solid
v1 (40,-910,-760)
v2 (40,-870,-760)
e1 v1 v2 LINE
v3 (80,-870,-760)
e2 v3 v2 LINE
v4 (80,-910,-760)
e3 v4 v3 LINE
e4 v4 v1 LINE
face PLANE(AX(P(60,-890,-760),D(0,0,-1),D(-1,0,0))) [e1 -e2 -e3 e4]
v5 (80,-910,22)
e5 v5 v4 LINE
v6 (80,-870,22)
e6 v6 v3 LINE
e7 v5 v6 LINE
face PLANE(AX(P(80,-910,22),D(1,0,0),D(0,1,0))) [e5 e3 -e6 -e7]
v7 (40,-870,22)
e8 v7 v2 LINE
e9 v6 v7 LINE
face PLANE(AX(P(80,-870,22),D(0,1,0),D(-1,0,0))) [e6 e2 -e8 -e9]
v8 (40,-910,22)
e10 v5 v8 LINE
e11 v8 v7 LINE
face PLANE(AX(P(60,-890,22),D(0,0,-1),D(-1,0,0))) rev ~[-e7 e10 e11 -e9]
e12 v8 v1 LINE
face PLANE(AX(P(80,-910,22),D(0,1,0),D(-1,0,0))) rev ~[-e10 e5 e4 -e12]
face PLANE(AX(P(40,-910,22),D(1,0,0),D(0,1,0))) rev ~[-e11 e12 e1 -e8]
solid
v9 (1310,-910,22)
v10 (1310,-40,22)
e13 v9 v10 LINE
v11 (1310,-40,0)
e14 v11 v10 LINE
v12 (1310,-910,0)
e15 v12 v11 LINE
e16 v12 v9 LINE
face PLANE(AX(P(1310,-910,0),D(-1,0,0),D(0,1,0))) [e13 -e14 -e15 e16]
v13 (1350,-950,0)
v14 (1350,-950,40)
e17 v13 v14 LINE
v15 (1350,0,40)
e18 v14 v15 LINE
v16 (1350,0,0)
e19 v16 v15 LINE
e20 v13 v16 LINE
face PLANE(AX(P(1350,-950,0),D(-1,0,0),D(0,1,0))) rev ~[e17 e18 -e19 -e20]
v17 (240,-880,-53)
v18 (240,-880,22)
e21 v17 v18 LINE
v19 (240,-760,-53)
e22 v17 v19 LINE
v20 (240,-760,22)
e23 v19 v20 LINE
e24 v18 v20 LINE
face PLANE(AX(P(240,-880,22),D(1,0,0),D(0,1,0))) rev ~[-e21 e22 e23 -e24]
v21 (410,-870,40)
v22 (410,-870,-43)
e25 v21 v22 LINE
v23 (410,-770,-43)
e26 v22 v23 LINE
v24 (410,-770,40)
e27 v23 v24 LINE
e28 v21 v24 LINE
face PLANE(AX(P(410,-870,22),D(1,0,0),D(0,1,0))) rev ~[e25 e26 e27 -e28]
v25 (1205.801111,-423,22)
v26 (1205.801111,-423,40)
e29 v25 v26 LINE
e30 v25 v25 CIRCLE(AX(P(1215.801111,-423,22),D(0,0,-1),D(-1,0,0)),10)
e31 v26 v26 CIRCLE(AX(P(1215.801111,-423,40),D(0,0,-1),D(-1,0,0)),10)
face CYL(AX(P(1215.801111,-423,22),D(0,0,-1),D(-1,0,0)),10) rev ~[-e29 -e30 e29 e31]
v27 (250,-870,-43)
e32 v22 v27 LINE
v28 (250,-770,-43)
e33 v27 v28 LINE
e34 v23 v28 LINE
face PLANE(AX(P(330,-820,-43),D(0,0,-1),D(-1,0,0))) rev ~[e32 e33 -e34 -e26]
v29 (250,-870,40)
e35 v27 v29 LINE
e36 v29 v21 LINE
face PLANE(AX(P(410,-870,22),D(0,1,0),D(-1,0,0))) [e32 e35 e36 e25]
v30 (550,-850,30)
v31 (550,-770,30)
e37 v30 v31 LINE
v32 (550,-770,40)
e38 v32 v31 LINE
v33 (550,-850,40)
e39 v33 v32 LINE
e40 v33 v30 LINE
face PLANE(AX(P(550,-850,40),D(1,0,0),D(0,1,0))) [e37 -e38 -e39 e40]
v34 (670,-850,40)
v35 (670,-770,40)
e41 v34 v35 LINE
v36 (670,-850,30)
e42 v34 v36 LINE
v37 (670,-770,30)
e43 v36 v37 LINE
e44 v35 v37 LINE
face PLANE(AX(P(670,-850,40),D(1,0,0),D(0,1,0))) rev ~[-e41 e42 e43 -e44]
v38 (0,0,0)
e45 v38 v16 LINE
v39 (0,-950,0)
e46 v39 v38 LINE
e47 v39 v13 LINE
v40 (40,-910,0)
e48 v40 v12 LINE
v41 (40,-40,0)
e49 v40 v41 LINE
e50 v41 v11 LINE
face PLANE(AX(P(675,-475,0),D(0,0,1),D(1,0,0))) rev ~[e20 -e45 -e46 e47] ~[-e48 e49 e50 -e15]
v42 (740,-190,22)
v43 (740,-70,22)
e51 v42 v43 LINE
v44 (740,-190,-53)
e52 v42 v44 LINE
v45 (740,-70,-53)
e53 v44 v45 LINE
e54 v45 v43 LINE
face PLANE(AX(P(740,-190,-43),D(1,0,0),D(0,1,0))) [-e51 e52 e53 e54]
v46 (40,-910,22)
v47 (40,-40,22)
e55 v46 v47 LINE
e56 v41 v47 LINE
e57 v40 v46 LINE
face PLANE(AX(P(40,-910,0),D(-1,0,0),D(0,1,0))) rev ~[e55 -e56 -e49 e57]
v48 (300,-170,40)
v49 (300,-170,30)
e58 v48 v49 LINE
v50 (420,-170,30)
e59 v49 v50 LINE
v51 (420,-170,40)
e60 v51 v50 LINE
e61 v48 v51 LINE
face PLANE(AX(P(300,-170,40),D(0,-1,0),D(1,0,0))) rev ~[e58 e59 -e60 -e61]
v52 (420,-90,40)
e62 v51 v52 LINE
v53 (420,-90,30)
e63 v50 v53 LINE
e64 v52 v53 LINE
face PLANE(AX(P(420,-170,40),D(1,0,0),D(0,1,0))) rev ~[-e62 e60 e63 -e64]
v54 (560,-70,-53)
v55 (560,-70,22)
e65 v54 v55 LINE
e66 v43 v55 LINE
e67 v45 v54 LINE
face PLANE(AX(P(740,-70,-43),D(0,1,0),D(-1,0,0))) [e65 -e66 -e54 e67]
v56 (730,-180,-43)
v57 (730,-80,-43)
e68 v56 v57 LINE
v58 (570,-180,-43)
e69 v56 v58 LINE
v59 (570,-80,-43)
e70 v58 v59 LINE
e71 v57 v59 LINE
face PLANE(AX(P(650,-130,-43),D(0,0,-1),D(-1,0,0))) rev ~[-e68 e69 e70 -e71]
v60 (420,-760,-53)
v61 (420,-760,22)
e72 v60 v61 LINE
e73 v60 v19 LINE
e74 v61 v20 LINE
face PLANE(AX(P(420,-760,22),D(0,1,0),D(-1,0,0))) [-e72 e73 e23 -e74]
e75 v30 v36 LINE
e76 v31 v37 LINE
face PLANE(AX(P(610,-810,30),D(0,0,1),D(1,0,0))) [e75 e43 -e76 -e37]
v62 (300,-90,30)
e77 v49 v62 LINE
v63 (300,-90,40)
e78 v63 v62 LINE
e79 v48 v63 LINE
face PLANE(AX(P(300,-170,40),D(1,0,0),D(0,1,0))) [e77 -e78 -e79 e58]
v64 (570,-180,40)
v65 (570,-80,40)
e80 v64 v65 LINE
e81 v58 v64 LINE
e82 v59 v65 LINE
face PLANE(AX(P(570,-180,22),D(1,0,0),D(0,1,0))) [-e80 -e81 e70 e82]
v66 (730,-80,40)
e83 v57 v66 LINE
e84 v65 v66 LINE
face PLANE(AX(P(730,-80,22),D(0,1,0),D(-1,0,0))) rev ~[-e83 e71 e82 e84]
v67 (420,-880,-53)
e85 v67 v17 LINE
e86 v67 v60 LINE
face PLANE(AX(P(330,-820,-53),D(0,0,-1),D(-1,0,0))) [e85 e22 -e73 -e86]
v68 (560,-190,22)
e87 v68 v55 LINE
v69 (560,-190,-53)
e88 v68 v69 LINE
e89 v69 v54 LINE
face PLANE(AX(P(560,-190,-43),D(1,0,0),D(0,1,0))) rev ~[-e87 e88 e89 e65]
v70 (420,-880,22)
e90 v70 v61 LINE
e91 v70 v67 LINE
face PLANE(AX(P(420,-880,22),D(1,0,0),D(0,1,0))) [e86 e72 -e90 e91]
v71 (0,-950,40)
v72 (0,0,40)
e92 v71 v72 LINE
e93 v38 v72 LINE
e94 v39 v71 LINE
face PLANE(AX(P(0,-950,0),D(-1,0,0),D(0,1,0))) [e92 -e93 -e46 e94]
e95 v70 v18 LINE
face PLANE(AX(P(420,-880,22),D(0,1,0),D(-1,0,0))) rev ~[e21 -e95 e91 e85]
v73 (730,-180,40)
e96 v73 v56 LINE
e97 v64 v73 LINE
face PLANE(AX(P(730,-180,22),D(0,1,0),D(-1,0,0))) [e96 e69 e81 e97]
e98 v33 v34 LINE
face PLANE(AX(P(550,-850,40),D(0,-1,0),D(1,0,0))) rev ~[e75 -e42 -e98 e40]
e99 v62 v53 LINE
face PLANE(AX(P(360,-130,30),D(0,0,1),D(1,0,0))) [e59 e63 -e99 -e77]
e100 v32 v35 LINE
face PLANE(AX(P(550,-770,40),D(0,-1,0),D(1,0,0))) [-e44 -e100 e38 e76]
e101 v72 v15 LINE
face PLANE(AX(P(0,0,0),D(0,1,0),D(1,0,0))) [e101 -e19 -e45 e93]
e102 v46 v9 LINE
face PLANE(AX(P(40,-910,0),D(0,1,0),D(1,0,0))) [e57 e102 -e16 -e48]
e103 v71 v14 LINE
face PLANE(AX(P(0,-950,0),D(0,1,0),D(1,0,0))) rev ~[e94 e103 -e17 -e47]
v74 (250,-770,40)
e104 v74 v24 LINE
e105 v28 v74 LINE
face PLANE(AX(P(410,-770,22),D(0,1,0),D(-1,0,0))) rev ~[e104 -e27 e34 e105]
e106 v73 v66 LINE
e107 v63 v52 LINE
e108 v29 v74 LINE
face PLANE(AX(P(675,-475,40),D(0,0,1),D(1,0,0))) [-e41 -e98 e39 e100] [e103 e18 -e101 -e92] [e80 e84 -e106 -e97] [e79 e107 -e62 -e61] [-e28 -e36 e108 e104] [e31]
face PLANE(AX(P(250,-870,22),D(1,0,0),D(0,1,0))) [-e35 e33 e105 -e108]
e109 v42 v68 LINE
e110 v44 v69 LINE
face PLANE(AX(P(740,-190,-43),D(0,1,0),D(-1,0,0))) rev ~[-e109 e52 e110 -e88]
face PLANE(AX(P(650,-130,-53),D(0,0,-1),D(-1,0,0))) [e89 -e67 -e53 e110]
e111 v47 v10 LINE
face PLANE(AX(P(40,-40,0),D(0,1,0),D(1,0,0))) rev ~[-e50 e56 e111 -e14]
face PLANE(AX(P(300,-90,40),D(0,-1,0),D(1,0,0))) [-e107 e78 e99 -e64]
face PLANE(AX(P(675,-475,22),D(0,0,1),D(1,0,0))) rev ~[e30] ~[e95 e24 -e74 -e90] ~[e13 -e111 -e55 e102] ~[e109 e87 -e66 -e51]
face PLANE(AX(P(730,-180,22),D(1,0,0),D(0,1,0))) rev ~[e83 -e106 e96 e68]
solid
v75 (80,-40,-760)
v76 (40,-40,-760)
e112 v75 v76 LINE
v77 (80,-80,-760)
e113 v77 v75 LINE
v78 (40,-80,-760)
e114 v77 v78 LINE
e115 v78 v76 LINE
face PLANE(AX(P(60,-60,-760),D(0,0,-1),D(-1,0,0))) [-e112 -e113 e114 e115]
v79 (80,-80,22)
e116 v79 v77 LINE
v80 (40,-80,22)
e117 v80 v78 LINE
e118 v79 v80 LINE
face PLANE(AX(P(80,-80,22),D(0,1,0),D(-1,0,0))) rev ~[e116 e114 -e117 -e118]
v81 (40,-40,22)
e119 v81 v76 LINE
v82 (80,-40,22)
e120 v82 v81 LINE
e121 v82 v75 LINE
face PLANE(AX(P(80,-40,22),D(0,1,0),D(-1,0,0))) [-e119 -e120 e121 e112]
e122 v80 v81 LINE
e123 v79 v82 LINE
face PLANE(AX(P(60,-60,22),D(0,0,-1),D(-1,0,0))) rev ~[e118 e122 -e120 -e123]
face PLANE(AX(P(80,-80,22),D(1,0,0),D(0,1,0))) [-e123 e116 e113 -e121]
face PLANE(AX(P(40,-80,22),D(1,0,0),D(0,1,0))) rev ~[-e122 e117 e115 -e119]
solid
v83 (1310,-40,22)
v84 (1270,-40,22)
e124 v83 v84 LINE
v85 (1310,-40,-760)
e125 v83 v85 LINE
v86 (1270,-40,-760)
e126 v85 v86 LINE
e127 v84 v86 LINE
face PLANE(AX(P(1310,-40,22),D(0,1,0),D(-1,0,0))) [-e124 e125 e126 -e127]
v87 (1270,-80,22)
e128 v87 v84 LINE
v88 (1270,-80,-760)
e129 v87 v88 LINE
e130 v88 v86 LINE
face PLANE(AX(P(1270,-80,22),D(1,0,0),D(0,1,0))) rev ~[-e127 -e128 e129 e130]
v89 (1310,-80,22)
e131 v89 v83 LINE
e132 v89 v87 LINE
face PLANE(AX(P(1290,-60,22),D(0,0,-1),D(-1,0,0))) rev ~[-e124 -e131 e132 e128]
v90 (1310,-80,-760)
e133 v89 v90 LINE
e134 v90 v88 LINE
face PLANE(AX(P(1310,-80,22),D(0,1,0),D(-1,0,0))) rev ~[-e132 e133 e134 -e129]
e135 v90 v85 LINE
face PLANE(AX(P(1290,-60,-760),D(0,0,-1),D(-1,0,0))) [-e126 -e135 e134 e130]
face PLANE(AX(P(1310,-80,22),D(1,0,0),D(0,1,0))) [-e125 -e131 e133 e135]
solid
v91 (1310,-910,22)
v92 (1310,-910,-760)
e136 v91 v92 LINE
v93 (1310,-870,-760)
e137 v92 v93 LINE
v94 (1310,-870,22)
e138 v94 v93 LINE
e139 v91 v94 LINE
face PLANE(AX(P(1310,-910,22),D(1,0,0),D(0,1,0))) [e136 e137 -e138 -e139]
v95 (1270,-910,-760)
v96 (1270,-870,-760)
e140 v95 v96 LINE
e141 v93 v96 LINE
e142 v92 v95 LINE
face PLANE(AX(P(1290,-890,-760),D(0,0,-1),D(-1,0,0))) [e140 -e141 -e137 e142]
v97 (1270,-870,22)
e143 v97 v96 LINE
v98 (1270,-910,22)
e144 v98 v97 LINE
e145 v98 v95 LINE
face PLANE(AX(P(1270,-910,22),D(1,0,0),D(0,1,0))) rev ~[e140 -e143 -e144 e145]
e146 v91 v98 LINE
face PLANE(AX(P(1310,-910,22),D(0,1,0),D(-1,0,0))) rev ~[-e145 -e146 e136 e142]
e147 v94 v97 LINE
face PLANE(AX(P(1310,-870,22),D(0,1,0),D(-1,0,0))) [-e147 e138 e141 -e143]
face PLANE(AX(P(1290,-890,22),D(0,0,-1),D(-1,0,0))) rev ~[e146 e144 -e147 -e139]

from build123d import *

# Parameters (mm, degrees)
ESQUISSE1_W               = 1350
ESQUISSE1_H               = 950
ESQUISSE1_W_2             = 1270
ESQUISSE1_H_2             = 870
BOSS_EXTRU_1_DEPTH        = 40
BOSS_EXTRU_2_DEPTH        = 760
BOSS_EXTRU_2_DEPTH_BACK   = 22
ESQUISSE2_W               = 40
ESQUISSE2_H               = 40
BOSS_EXTRU_2_2_DEPTH      = 760
BOSS_EXTRU_2_2_DEPTH_BACK = 22
BOSS_EXTRU_2_3_DEPTH      = 760
BOSS_EXTRU_2_3_DEPTH_BACK = 22
BOSS_EXTRU_2_4_DEPTH      = 760
BOSS_EXTRU_2_4_DEPTH_BACK = 22
ESQUISSE3_W               = 1270
ESQUISSE3_H               = 870
BOSS_EXTRU_3_DEPTH        = 18
ESQUISSE4_W               = 160
ESQUISSE4_H               = 100
ENL_V_MAT_EXTRU_1_DEPTH   = 1835.393632784
ESQUISSE5_W               = 180
ESQUISSE5_H               = 120
ESQUISSE5_W_2             = 160
ESQUISSE5_H_2             = 100
BOSS_EXTRU_4_DEPTH        = 65
ESQUISSE6_W               = 180
ESQUISSE6_H               = 120
BOSS_EXTRU_5_DEPTH        = 10
ESQUISSE7_W               = 120
ESQUISSE7_H               = 80
ENL_V_MAT_EXTRU_2_DEPTH   = 10
ESQUISSE8_R               = 10
ENL_V_MAT_EXTRU_3_DEPTH   = 1827.615449404


with BuildPart() as part:
    # Esquisse1 → Boss.-Extru.1 (new body)
    with BuildSketch(Plane.XY):
        with Locations((675, -475)):
            Rectangle(ESQUISSE1_W, ESQUISSE1_H)
        with Locations((675, -475)):
            Rectangle(ESQUISSE1_W_2, ESQUISSE1_H_2, mode=Mode.SUBTRACT)
    extrude(amount=BOSS_EXTRU_1_DEPTH)



with BuildPart() as body_2:
    # Esquisse2 → Boss.-Extru.2 (new, two sides: drawn at the far end of the back side and taken through both)
    with BuildSketch(Plane(origin=(0, 0, 0), x_dir=(-1, 0, 0), z_dir=(0, 0, -1)).offset(-BOSS_EXTRU_2_DEPTH_BACK)):
        with Locations((-1290, -60)):
            Rectangle(ESQUISSE2_W, ESQUISSE2_H)
    extrude(amount=BOSS_EXTRU_2_DEPTH + BOSS_EXTRU_2_DEPTH_BACK)


with BuildPart() as body_3:
    # Esquisse2 → Boss.-Extru.2 2 (new, two sides: drawn at the far end of the back side and taken through both)
    with BuildSketch(Plane(origin=(0, 0, 0), x_dir=(-1, 0, 0), z_dir=(0, 0, -1)).offset(-BOSS_EXTRU_2_2_DEPTH_BACK)):
        with Locations((-60, -60)):
            Rectangle(ESQUISSE2_W, ESQUISSE2_H)
    extrude(amount=BOSS_EXTRU_2_2_DEPTH + BOSS_EXTRU_2_2_DEPTH_BACK)


with BuildPart() as body_4:
    # Esquisse2 → Boss.-Extru.2 3 (new, two sides: drawn at the far end of the back side and taken through both)
    with BuildSketch(Plane(origin=(0, 0, 0), x_dir=(-1, 0, 0), z_dir=(0, 0, -1)).offset(-BOSS_EXTRU_2_3_DEPTH_BACK)):
        with Locations((-60, -890)):
            Rectangle(ESQUISSE2_W, ESQUISSE2_H)
    extrude(amount=BOSS_EXTRU_2_3_DEPTH + BOSS_EXTRU_2_3_DEPTH_BACK)


with BuildPart() as body_5:
    # Esquisse2 → Boss.-Extru.2 4 (new, two sides: drawn at the far end of the back side and taken through both)
    with BuildSketch(Plane(origin=(0, 0, 0), x_dir=(-1, 0, 0), z_dir=(0, 0, -1)).offset(-BOSS_EXTRU_2_4_DEPTH_BACK)):
        with Locations((-1290, -890)):
            Rectangle(ESQUISSE2_W, ESQUISSE2_H)
    extrude(amount=BOSS_EXTRU_2_4_DEPTH + BOSS_EXTRU_2_4_DEPTH_BACK)


with BuildPart() as body_6:
    # Esquisse3 → Boss.-Extru.3 (new body)
    with BuildSketch(Plane.XY.offset(22)):
        with Locations((675, -475)):
            Rectangle(ESQUISSE3_W, ESQUISSE3_H)
    extrude(amount=BOSS_EXTRU_3_DEPTH)

    # Esquisse4 → Enlèv. mat.-Extru.1 (cut, through all)
    with BuildSketch(Plane.XY.offset(40)):
        with Locations((330, -820)):
            Rectangle(ESQUISSE4_W, ESQUISSE4_H)
        with Locations((650, -130)):
            Rectangle(ESQUISSE4_W, ESQUISSE4_H)
    extrude(amount=-ENL_V_MAT_EXTRU_1_DEPTH, mode=Mode.SUBTRACT)


with BuildPart() as part_1:
    add(part.part)

    add(body_6.part)  # Boss.-Extru.4 merges body 6
    # Esquisse5 → Boss.-Extru.4 (add)
    # profile 1 of 2: a face of its own
    with BuildSketch(Plane(origin=(0, 0, 22), x_dir=(-1, 0, 0), z_dir=(0, 0, -1))):
        with Locations((-330, -820)):
            Rectangle(ESQUISSE5_W, ESQUISSE5_H)
        with Locations((-330, -820)):
            Rectangle(ESQUISSE5_W_2, ESQUISSE5_H_2, mode=Mode.SUBTRACT)
    # profile 2 of 2: a face of its own
    with BuildSketch(Plane(origin=(0, 0, 22), x_dir=(-1, 0, 0), z_dir=(0, 0, -1))):
        with Locations((-650, -130)):
            Rectangle(ESQUISSE5_W, ESQUISSE5_H)
        with Locations((-650, -130)):
            Rectangle(ESQUISSE5_W_2, ESQUISSE5_H_2, mode=Mode.SUBTRACT)
    extrude(amount=BOSS_EXTRU_4_DEPTH)

    # Esquisse6 → Boss.-Extru.5 (add)
    with BuildSketch(Plane(origin=(0, 0, -43), x_dir=(-1, 0, 0), z_dir=(0, 0, -1))):
        with Locations((-650, -130)):
            Rectangle(ESQUISSE6_W, ESQUISSE6_H)
        with Locations((-330, -820)):
            Rectangle(ESQUISSE6_W, ESQUISSE6_H)
    extrude(amount=BOSS_EXTRU_5_DEPTH)

    # Esquisse7 → Enlèv. mat.-Extru.2 (cut)
    with BuildSketch(Plane.XY.offset(40)):
        with Locations((360, -130)):
            Rectangle(ESQUISSE7_W, ESQUISSE7_H)
        with Locations((610, -810)):
            Rectangle(ESQUISSE7_W, ESQUISSE7_H)
    extrude(amount=-ENL_V_MAT_EXTRU_2_DEPTH, mode=Mode.SUBTRACT)

    # Esquisse8 → Enlèv. mat.-Extru.3 (cut, through all)
    with BuildSketch(Plane(origin=(0, 0, 22), x_dir=(-1, 0, 0), z_dir=(0, 0, -1))):
        with Locations((-1215.801110786, -423)):
            Circle(ESQUISSE8_R)
    extrude(amount=-ENL_V_MAT_EXTRU_3_DEPTH, mode=Mode.SUBTRACT)


solid = Compound([body_2.part, body_3.part, body_4.part, body_5.part, part_1.part])
